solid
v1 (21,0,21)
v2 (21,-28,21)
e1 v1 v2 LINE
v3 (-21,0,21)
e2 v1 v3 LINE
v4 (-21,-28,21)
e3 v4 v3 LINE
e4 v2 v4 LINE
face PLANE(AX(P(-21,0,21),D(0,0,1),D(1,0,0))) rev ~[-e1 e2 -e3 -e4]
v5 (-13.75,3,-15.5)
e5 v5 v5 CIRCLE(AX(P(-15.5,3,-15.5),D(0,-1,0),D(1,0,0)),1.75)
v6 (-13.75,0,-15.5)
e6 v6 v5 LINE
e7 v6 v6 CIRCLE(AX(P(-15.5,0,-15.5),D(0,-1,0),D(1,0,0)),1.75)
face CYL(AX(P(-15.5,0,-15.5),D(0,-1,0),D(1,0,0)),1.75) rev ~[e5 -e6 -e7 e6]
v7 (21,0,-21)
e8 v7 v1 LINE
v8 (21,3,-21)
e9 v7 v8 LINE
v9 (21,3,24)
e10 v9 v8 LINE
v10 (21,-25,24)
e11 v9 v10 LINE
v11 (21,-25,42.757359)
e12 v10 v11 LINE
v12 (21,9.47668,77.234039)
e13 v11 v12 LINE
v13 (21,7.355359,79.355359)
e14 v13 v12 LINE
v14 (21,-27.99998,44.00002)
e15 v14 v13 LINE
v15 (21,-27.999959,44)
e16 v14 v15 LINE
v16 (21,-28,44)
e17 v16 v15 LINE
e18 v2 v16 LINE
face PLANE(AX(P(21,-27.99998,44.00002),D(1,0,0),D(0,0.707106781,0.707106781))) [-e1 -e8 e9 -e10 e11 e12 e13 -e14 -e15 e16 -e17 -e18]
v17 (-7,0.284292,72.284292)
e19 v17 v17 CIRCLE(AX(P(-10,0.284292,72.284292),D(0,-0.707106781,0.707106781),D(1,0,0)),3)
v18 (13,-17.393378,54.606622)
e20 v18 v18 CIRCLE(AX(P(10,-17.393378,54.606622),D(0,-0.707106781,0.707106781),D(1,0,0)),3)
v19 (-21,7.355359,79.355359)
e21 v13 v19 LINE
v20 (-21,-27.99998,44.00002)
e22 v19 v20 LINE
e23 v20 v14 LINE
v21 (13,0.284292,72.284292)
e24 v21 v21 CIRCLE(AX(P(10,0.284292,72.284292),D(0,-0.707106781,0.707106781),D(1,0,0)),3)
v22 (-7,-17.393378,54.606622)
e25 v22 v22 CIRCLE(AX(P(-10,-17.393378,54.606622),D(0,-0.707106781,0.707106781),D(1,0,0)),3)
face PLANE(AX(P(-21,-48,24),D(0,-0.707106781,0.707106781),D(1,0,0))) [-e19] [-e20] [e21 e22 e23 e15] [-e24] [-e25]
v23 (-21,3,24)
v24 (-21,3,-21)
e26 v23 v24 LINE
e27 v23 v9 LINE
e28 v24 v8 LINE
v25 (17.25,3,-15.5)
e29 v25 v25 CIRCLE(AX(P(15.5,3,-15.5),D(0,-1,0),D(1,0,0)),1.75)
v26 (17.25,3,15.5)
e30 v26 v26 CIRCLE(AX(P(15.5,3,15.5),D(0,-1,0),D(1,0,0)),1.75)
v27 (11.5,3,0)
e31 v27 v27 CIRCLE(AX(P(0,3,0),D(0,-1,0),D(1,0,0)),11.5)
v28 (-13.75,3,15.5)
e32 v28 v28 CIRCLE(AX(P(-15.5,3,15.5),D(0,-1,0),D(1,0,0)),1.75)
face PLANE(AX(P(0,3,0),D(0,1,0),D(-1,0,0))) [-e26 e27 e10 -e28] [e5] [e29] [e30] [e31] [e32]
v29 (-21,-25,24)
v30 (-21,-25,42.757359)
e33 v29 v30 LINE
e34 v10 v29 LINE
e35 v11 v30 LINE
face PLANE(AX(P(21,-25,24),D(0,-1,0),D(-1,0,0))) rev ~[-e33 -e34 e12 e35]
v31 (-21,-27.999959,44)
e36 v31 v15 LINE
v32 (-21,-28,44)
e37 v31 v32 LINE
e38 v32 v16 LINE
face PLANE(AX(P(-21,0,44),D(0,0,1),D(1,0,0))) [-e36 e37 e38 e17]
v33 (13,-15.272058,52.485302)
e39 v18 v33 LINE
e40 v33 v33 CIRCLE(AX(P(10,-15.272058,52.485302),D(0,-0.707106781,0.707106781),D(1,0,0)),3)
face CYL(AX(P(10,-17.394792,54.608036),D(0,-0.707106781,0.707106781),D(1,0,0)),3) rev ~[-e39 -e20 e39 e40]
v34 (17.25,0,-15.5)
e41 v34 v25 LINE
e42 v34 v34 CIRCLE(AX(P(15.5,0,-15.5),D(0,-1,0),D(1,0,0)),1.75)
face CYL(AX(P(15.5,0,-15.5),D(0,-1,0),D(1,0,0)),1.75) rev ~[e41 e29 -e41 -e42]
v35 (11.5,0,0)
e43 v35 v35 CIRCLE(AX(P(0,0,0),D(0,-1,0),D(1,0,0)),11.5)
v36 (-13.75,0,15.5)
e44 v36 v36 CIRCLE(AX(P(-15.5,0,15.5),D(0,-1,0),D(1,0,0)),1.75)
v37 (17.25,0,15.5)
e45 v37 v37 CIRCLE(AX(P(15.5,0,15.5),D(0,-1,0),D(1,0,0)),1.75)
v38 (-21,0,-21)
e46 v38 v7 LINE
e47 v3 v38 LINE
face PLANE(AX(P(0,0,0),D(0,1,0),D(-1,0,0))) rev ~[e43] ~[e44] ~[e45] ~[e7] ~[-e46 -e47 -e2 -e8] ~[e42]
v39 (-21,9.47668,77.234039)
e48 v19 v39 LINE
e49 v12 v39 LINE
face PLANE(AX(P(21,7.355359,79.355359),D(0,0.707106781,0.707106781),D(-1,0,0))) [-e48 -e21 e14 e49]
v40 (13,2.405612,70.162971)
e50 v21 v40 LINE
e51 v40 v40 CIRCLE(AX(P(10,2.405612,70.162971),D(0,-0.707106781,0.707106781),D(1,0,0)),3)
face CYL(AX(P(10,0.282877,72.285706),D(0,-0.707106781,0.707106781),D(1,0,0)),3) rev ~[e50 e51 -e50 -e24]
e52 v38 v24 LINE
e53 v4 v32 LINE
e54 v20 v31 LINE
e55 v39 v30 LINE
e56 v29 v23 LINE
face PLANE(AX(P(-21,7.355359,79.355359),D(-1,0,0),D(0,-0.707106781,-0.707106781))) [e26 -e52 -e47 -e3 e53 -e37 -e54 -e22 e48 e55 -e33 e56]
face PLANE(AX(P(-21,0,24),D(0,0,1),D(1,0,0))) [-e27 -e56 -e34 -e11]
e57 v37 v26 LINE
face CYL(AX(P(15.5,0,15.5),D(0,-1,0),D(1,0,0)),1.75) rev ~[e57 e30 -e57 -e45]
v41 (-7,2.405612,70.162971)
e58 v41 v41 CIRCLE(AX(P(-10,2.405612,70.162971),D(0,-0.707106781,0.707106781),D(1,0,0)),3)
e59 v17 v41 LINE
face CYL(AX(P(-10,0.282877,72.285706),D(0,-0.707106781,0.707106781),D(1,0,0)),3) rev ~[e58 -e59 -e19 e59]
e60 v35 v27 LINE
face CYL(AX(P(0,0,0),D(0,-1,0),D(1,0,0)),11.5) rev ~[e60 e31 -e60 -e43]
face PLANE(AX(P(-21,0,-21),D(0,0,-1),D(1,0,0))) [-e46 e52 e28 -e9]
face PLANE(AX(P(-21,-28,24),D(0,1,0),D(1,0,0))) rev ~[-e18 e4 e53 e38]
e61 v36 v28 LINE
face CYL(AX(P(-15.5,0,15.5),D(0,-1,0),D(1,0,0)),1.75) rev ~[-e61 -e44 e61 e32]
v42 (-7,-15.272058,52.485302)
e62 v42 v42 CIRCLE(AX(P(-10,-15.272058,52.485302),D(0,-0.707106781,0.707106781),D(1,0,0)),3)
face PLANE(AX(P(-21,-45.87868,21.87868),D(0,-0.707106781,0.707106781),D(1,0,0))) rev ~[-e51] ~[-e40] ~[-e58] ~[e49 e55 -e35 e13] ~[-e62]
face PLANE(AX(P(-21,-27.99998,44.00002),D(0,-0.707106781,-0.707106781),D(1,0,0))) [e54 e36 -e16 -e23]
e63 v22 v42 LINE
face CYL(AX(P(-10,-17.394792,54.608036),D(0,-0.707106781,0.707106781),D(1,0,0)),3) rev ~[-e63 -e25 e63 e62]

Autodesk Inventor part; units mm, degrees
ref_plane "YZ Plane" through (0, 0, 0) normal (1, 0, 0) x (0, 1, 0)
ref_plane "XZ Plane" through (0, 0, 0) normal (0, 1, 0) x (-1, 0, 0)
sketch "草图2" plane through (0, 0, 0) normal (0, 1, 0) x (-1, 0, 0)
  line L0 (-21, 21) -> (21, 21)
  line L1 (21, 21) -> (21, -21)
  line L2 (21, -21) -> (-21, -21)
  line L3 (-21, -21) -> (-21, 21)
  line L4 (-21, 21) -> (21, -21) construction
  line L5 (21, 21) -> (-21, -21) construction
  point P0 (0, 0)
  dimension "d3" = 42
  dimension "d4" = 42
extrude "拉伸2" add sketch "草图2" along normal blind 3
sketch "草图3" plane through (-21, 0, 21) normal (0, 0, 1) x (1, 0, 0)
  line L0 (0, 3) -> (42, 3) projected
  line L1 (0, 3) -> (42, 3)
  line L2 (42, 3) -> (42, -48)
  line L3 (42, -48) -> (0, -48)
  line L4 (0, -48) -> (0, 3)
  point P0 (21, 0)
  dimension "d7" = 51
extrude "拉伸3" add sketch "草图3" along normal blind 3
ref_plane "工作平面1" through (-21, -48, 24) normal (0, -0.7071, 0.7071) x (1, 0, 0)
sketch "草图7" plane through (0, 0, 0) normal (0, -1, 0) x (1, 0, 0)
  circle A0 centre (0, 0) radius 11.5
  circle A1 centre (-15.5, 15.5) radius 1.75
  circle A2 centre (-15.5, -15.5) radius 1.75
  circle A3 centre (15.5, -15.5) radius 1.75
  circle A4 centre (15.5, 15.5) radius 1.75
  dimension "d17" = 23
  dimension "d18" = 3.5
  dimension "d19" = 15.5
  dimension "d20" = 15.5
  dimension "d21" = 15.5
  dimension "d22" = 15.5
extrude "拉伸6" cut sketch "草图7" against normal blind 3
sketch "草图9" plane through (-21, 0, 24) normal (0, 0, 1) x (1, 0, 0)
  line L0 (0, 0) -> (0, -48) projected
  line L1 (42, -48) -> (42, 0) projected
  line L2 (0, -28) -> (42, -28)
  line L3 (42, -28) -> (42, -25)
  line L4 (42, -25) -> (0, -25)
  line L5 (0, -25) -> (0, -28)
  line L6 (0, -48) -> (42, -48) projected
  point P0 (21, 0)
  dimension "d32" = 3
  dimension "d33" = 20
extrude "拉伸8" add sketch "草图9" along normal blind 20 contours L4 L1 L2 L0
sketch "草图10" plane through (-21, 0, 24) normal (0, 0, 1) x (1, 0, 0)
  line L0 (42, -28) -> (0, -28) projected
  line L1 (0, -28) -> (0, -48) projected
  line L2 (0, -48) -> (42, -48) projected
  line L3 (42, -48) -> (42, -28) projected
  point P0 (21, 0)
extrude "拉伸9" cut sketch "草图10" against normal blind 20
sketch "草图11" plane through (-21, -48, 24) normal (0, -0.7071, 0.7071) x (1, 0, 0)
  line L0 (0, 28.2843) -> (42, 28.2843) projected
  line L1 (0, 28.2843) -> (42, 28.2843)
  line L2 (42, 28.2843) -> (42, 78.2843)
  line L3 (42, 78.2843) -> (0, 78.2843)
  line L4 (0, 78.2843) -> (0, 28.2843)
  point P0 (21, 16.9706)
  dimension "d38" = 42
  dimension "d39" = 50
extrude "拉伸10" add sketch "草图11" against normal blind 3
sketch "草图12" plane through (-21, -48, 24) normal (0, -0.7071, 0.7071) x (1, 0, 0)
  line L0 (0, 28.2843) -> (42, 28.2843) construction
  line L1 (21, 28.2843) -> (21, 78.2843) construction
  line L2 (0, 78.2843) -> (42, 78.2843) construction
  circle A0 centre (31, 43.2843) radius 3
  circle A1 centre (31, 68.2843) radius 3
  circle A2 centre (11, 43.2843) radius 3
  circle A3 centre (11, 68.2843) radius 3
  point P0 (21, 16.9706)
  dimension "d42" = 6
  dimension "d43" = 10
  dimension "d44" = 15
  dimension "d45" = 25
extrude "拉伸11" cut sketch "草图12" against normal blind 3
properties part number "电机座1"
